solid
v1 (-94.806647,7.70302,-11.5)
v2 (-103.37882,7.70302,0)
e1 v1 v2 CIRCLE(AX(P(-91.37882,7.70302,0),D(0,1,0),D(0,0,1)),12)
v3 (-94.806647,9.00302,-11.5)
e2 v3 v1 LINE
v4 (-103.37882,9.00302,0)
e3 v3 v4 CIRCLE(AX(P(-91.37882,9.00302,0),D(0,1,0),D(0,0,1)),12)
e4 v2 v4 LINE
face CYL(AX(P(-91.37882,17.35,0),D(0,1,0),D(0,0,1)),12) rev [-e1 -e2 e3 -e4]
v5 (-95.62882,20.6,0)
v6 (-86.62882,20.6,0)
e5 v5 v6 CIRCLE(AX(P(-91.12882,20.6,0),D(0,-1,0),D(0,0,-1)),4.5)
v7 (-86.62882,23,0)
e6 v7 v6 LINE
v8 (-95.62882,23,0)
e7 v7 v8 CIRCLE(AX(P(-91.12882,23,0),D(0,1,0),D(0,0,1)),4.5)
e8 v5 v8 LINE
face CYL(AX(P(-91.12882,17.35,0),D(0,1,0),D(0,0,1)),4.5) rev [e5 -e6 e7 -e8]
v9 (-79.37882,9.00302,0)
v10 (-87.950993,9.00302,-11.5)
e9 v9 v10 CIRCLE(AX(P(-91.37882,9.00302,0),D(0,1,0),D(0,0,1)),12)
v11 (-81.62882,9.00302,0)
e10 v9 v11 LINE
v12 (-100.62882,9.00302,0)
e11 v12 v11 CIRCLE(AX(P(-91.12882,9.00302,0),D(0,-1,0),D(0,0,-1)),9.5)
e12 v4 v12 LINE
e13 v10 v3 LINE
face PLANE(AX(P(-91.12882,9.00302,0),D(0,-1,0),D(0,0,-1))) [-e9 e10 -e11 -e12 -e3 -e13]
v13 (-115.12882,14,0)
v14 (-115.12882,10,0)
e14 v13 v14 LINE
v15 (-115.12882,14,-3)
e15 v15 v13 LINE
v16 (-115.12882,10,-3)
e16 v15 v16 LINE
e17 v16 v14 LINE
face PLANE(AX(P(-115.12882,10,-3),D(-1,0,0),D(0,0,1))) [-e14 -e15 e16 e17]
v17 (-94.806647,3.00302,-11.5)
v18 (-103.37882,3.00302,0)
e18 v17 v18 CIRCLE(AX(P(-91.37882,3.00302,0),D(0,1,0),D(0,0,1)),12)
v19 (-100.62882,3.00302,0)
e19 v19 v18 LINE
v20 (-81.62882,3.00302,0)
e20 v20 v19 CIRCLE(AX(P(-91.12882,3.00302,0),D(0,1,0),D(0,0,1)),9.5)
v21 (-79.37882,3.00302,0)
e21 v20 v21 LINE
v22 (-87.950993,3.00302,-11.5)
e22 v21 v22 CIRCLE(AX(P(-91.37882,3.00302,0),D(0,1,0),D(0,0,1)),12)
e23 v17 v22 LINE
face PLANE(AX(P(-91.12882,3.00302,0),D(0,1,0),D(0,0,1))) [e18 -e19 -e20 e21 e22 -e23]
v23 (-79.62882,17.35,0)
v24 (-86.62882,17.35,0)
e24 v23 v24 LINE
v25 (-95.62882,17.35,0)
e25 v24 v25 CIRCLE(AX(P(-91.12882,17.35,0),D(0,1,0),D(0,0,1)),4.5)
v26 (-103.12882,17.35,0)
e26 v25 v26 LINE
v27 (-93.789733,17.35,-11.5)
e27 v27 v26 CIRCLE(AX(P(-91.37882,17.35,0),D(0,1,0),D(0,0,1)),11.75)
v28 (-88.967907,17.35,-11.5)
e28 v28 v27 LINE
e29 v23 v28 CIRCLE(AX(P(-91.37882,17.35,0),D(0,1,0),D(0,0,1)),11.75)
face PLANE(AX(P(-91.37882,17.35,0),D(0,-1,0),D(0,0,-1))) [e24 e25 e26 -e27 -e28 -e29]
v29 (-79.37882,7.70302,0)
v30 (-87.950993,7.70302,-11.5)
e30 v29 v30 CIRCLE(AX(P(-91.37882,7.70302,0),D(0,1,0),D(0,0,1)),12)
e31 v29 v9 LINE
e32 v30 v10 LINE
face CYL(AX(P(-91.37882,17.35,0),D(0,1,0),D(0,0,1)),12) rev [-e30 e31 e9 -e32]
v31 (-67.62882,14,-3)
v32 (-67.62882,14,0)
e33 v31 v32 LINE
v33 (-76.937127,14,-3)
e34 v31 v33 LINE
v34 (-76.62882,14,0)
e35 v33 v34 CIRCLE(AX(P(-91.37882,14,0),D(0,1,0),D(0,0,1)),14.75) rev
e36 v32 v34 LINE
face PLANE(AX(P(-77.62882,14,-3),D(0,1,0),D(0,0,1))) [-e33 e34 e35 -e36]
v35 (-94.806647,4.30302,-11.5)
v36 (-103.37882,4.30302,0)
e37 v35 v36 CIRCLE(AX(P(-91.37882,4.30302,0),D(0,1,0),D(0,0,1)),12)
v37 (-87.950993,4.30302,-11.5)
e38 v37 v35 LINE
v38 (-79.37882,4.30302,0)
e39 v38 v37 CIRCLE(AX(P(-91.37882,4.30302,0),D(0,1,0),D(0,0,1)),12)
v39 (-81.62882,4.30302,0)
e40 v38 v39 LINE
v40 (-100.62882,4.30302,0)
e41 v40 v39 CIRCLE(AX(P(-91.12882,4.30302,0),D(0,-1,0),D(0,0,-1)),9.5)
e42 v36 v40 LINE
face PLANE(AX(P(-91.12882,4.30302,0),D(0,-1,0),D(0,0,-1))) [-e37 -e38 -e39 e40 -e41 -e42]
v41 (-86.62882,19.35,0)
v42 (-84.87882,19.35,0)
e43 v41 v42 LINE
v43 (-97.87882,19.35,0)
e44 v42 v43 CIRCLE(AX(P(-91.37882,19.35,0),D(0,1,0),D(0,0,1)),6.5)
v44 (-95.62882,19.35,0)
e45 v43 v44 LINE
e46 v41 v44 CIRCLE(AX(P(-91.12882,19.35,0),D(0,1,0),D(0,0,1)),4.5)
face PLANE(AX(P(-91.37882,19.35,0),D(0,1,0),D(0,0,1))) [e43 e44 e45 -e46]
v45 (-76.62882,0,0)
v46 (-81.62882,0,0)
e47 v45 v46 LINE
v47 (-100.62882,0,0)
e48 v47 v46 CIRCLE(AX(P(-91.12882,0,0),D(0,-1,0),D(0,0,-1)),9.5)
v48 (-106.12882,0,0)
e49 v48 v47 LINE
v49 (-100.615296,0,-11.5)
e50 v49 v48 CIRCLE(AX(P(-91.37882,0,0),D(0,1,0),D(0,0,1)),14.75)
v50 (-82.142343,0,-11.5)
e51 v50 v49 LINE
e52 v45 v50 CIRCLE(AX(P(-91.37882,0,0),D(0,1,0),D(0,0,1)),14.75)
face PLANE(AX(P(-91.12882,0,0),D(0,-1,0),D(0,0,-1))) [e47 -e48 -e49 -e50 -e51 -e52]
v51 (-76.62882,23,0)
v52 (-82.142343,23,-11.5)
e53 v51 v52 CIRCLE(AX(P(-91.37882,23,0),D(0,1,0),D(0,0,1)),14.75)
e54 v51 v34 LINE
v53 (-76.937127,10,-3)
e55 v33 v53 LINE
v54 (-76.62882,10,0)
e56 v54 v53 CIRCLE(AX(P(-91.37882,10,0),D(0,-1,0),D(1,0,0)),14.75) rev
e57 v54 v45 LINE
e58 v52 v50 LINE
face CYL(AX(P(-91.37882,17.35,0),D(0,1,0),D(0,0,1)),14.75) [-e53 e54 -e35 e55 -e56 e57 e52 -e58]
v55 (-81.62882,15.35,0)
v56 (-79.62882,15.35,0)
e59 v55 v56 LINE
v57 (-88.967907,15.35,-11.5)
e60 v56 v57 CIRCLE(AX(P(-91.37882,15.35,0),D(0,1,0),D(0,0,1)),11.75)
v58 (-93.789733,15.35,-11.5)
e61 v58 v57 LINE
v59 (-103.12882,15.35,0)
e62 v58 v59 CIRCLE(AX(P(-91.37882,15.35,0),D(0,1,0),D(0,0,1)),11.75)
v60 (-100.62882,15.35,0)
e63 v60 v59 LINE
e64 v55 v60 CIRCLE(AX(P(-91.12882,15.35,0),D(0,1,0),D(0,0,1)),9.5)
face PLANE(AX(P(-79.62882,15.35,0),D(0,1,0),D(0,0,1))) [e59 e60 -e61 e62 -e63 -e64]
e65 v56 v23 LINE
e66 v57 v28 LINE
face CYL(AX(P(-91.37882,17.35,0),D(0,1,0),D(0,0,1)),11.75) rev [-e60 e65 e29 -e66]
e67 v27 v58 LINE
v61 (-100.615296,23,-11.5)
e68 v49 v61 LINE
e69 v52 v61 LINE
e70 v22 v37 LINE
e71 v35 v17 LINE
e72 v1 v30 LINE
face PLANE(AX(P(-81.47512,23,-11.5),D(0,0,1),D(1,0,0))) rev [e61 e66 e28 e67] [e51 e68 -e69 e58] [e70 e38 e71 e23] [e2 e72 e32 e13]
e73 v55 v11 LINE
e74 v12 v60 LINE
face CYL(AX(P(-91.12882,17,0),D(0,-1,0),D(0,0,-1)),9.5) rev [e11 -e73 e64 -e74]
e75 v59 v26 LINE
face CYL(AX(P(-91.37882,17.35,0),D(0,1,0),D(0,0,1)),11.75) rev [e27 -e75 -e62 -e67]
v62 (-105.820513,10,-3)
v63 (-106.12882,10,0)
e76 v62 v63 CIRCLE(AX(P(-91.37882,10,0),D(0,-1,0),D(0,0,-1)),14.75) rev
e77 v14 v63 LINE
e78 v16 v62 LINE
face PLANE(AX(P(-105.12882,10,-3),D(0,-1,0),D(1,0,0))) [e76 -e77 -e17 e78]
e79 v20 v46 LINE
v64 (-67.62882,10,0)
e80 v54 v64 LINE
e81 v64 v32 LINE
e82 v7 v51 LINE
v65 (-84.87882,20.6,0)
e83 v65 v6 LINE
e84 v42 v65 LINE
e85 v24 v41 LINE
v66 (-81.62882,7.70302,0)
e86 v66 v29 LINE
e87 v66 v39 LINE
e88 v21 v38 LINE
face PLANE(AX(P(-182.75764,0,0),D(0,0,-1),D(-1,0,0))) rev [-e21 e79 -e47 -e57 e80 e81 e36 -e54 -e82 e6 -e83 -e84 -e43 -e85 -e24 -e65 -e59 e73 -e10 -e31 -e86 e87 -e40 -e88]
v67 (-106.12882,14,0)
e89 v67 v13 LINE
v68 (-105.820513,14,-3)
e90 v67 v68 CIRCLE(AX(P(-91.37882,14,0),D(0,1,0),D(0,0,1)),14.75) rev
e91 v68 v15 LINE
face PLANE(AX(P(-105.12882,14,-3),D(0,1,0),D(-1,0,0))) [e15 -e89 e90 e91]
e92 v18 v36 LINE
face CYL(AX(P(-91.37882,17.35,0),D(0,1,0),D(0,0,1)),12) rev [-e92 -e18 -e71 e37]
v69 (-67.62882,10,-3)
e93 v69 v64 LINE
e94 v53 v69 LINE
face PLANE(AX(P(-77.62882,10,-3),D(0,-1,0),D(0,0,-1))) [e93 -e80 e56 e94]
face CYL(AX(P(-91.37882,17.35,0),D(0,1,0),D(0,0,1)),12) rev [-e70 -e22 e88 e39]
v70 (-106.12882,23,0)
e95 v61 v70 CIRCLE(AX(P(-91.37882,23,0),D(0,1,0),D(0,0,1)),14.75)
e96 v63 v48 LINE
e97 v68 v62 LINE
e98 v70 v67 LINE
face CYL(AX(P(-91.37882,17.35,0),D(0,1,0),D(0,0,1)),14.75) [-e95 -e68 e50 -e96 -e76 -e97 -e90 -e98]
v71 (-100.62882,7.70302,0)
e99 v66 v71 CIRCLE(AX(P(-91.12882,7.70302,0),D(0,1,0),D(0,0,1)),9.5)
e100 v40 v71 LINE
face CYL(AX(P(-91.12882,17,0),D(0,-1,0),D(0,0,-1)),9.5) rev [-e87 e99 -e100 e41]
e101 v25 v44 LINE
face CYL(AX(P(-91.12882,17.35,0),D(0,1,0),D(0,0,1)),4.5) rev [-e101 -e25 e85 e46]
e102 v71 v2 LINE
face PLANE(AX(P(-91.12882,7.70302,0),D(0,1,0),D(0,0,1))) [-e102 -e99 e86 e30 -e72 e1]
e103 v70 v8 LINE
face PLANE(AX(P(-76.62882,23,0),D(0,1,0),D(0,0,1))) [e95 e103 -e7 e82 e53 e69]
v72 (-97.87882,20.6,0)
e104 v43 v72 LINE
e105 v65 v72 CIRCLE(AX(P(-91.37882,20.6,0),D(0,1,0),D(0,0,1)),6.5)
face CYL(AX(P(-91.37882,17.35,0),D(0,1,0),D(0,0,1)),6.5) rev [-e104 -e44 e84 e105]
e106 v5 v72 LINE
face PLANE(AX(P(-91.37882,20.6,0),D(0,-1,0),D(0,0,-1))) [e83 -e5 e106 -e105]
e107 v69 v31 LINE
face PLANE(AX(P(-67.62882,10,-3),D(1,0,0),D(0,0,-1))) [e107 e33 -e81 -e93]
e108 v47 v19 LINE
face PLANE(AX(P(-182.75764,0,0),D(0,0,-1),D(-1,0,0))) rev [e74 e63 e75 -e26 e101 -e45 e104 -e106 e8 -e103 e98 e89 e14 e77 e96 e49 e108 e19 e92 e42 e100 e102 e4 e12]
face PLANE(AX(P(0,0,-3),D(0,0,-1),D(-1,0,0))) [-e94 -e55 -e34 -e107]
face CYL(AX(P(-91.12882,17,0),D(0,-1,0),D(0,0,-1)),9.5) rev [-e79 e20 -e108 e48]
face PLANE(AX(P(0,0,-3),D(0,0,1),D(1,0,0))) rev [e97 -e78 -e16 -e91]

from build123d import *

# Parameters (mm, degrees)
REVOLUCI_N1_ANGLE       = 180
CORTAR_EXTRUIR1_DEPTH   = 17
CORTAR_EXTRUIR2_START   = -5.65
CORTAR_EXTRUIR2_DEPTH   = 5.65
CORTAR_EXTRUIR3_START   = -23
CROQUIS4_W              = 20.036929734
CROQUIS4_H              = 3.3102989
CORTAR_EXTRUIR3_DEPTH   = 23
CROQUIS5_W              = 1
CROQUIS5_H              = 4
CORTAR_EXTRUIR4_DEPTH   = 3
CROQUIS6_W              = 10
CROQUIS6_H              = 4
SALIENTE_EXTRUIR1_DEPTH = 3


with BuildPart() as part:
    # Croquis1 → Revolución1 (revolve)
    with BuildSketch(Plane.XY):
        Polygon((-91.628819856, 0), (-106.128819856, 0), (-106.128819856, 23), (-91.378819856, 23), (-91.378819856, 20.6), (-97.878819856, 20.6), (-97.878819856, 19.35), (-91.378819856, 19.35), (-91.378819856, 17.35), (-103.128819856, 17.35), (-103.128819856, 15.35), (-91.628819856, 15.35), (-91.628819856, 9.003019764), (-103.378819856, 9.003019764), (-103.378819856, 7.703019764), (-91.628819856, 7.703019764), (-91.628819856, 4.303019764), (-103.378819856, 4.303019764), (-103.378819856, 3.003019764), (-91.628819856, 3.003019764), align=None)
    revolve(axis=Axis((-91.378819856, 17.35, 0), (0, -1, 0)), revolution_arc=REVOLUCI_N1_ANGLE)

    # Croquis2 → Cortar-Extruir1 (cut)
    with BuildSketch(Plane.XZ):
        with BuildLine():
            Line((-100.628819856, 0), (-81.628819856, 0))
            ThreePointArc((-81.628819856, 0), (-91.128819856, -9.5), (-100.628819856, 0))
        make_face()
    extrude(amount=-CORTAR_EXTRUIR1_DEPTH, mode=Mode.SUBTRACT)

    # Croquis3 → Cortar-Extruir2 (cut)
    with BuildSketch(Plane(origin=(0, 23, 0), x_dir=(1, 0, 0), z_dir=(0, 1, 0)).offset(CORTAR_EXTRUIR2_START)):
        with BuildLine():
            Line((-86.628819856, 0), (-95.628819856, 0))
            ThreePointArc((-95.628819856, 0), (-91.128819856, 4.5), (-86.628819856, 0))
        make_face()
    extrude(amount=CORTAR_EXTRUIR2_DEPTH, mode=Mode.SUBTRACT)

    # Croquis4 → Cortar-Extruir3 (cut)
    with BuildSketch(Plane.XZ.offset(CORTAR_EXTRUIR3_START)):
        with Locations((-91.493585316, -13.15514945)):
            Rectangle(CROQUIS4_W, CROQUIS4_H)
    extrude(amount=CORTAR_EXTRUIR3_DEPTH, mode=Mode.SUBTRACT)

    # Croquis5 → Cortar-Extruir4 (cut)
    with BuildSketch(Plane.XY):
        with Locations((-105.628819856, 12)):
            Rectangle(CROQUIS5_W, CROQUIS5_H)
        with Locations((-77.128819856, 12)):
            Rectangle(CROQUIS5_W, CROQUIS5_H)
    extrude(amount=-CORTAR_EXTRUIR4_DEPTH, mode=Mode.SUBTRACT)

    # Croquis6 → Saliente-Extruir1 (add)
    with BuildSketch(Plane.XY):
        with Locations((-110.128819856, 12)):
            Rectangle(CROQUIS6_W, CROQUIS6_H)
        with Locations((-72.628819856, 12)):
            Rectangle(CROQUIS6_W, CROQUIS6_H)
    extrude(amount=-SALIENTE_EXTRUIR1_DEPTH)


solid = part.part
